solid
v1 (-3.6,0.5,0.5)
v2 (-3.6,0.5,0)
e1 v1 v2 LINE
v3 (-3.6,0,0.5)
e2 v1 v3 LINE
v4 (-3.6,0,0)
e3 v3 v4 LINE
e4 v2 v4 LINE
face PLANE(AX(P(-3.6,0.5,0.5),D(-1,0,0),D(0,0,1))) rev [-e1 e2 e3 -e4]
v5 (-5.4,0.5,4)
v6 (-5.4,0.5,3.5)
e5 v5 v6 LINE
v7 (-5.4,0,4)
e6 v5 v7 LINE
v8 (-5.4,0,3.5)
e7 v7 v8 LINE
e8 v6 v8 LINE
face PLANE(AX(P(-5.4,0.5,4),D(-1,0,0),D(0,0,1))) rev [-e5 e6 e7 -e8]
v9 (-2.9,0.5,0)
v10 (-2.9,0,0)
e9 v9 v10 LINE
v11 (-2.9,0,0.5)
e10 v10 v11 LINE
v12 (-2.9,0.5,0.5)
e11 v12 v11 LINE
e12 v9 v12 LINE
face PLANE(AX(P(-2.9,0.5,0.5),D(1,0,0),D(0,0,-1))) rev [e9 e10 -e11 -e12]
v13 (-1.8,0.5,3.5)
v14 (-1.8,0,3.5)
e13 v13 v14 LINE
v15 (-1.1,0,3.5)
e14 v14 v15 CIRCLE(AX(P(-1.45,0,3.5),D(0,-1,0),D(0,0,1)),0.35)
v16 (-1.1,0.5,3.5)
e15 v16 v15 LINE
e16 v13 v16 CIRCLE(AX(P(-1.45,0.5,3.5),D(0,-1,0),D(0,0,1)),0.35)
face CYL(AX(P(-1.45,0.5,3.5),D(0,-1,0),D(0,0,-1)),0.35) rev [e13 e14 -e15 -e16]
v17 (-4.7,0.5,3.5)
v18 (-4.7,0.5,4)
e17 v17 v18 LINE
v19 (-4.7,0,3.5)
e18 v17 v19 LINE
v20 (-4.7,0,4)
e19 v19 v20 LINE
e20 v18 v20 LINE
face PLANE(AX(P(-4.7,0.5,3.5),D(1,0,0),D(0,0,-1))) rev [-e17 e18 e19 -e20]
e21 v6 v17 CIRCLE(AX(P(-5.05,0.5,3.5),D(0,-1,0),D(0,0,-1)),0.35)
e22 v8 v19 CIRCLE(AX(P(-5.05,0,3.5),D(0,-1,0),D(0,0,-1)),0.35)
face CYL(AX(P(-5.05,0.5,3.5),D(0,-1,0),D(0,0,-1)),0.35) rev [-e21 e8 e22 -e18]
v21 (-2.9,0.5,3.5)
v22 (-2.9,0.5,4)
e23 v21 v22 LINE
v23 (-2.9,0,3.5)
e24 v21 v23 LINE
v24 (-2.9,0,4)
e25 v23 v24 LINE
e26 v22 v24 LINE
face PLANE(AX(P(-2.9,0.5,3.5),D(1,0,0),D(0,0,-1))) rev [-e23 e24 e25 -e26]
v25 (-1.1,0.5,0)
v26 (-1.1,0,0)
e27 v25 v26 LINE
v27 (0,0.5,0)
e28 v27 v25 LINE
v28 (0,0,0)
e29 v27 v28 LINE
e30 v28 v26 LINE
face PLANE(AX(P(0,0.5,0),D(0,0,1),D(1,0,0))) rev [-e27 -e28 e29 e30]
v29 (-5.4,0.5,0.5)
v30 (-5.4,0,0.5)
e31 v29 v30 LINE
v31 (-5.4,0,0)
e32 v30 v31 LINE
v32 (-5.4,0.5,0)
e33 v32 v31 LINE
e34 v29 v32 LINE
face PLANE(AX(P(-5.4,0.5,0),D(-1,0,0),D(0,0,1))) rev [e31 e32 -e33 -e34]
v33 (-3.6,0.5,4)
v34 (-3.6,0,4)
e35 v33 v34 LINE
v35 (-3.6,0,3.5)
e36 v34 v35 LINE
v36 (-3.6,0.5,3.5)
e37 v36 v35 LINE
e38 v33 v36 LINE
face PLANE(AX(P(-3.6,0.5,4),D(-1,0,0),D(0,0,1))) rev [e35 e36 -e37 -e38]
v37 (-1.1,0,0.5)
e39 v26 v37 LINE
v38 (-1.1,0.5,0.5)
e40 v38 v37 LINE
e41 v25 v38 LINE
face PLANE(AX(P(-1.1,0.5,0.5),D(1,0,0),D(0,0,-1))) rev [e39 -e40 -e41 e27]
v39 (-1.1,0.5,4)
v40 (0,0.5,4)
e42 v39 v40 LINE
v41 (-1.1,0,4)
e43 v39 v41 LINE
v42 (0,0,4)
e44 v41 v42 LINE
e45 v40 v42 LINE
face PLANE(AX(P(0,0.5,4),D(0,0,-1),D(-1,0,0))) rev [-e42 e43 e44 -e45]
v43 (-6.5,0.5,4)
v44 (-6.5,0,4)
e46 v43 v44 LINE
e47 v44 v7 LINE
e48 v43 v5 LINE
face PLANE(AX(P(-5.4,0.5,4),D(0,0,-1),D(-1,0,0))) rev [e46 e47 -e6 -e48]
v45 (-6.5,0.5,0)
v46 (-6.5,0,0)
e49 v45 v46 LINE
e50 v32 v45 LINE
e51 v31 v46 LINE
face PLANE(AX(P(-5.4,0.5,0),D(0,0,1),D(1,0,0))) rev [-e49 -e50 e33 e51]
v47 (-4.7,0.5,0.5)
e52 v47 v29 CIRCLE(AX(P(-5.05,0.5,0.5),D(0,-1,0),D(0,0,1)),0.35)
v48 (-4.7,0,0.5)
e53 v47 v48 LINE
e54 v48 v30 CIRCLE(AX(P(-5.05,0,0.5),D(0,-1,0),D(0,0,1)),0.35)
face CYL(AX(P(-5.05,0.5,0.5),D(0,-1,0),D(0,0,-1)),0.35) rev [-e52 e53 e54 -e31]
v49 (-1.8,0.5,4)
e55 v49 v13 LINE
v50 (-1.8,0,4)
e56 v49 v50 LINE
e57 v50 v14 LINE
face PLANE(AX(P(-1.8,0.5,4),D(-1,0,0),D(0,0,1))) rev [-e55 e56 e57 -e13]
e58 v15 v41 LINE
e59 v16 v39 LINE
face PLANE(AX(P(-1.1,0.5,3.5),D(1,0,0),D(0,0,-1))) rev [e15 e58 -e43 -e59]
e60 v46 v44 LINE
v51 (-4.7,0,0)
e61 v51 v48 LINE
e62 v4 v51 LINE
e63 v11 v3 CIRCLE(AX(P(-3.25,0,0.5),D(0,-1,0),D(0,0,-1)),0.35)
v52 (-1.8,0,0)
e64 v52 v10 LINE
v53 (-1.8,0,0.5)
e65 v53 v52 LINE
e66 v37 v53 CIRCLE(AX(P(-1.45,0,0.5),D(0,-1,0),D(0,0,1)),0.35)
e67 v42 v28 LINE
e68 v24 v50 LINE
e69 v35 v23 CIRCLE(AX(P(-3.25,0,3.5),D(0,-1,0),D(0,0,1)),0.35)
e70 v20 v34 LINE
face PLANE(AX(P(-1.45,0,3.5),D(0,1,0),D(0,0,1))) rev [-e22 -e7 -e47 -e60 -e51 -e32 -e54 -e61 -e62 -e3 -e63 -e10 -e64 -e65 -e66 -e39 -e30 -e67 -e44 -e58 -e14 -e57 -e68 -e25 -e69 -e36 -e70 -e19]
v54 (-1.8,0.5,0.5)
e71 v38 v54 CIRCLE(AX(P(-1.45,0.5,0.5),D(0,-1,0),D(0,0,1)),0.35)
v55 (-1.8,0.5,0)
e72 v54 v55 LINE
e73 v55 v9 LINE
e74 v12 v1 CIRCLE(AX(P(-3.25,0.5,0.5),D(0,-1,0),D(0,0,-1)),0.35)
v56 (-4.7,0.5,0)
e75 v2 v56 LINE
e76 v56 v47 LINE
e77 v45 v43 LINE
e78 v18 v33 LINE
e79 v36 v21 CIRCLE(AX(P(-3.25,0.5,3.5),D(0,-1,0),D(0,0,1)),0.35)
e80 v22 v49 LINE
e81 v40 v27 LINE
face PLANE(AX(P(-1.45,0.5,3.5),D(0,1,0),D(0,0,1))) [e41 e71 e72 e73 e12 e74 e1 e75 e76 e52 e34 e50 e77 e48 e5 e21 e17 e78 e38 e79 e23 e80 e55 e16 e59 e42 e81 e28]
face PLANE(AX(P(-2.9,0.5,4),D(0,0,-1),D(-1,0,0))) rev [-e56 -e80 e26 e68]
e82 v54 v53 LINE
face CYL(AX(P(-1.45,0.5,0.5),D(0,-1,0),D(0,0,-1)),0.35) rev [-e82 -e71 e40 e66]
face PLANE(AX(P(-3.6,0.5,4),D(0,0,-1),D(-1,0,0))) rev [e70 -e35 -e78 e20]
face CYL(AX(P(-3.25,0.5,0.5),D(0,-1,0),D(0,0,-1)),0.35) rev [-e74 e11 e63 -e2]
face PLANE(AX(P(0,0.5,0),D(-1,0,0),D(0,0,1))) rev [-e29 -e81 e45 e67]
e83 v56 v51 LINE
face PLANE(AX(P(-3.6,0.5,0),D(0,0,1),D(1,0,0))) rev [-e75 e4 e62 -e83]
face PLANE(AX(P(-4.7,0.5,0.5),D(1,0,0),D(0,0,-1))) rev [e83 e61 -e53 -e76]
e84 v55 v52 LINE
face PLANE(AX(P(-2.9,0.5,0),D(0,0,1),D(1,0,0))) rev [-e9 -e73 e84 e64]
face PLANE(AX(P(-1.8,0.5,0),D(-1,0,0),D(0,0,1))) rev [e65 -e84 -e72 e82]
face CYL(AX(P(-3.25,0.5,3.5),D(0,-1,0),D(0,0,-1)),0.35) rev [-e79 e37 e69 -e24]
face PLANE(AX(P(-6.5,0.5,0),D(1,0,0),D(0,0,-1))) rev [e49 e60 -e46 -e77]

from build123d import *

# Parameters (mm, degrees)
BOSS_EXTRUDE1_DEPTH = 0.5


with BuildPart() as part:
    # Sketch1 → Boss-Extrude1 (new body)
    with BuildSketch(Plane(origin=(0, 0, 0), x_dir=(1, 0, 0), z_dir=(0, 1, 0))):
        with BuildLine():
            Line((-5.4, 0), (-5.4, -0.5))
            ThreePointArc((-5.4, -0.5), (-5.05, -0.85), (-4.7, -0.5))
            Line((-4.7, -0.5), (-4.7, 0))
            Line((-4.7, 0), (-3.6, 0))
            Line((-3.6, 0), (-3.6, -0.5))
            ThreePointArc((-3.6, -0.5), (-3.25, -0.85), (-2.9, -0.5))
            Line((-2.9, -0.5), (-2.9, 0))
            Line((-2.9, 0), (-1.8, 0))
            Line((-1.8, 0), (-1.8, -0.5))
            ThreePointArc((-1.8, -0.5), (-1.45, -0.85), (-1.1, -0.5))
            Line((-1.1, -0.5), (-1.1, 0))
            Line((-1.1, 0), (0, 0))
            Line((0, 0), (0, -4))
            Line((0, -4), (-1.1, -4))
            Line((-1.1, -4), (-1.1, -3.5))
            ThreePointArc((-1.1, -3.5), (-1.45, -3.15), (-1.8, -3.5))
            Line((-1.8, -3.5), (-1.8, -4))
            Line((-1.8, -4), (-2.9, -4))
            Line((-2.9, -4), (-2.9, -3.5))
            ThreePointArc((-2.9, -3.5), (-3.25, -3.15), (-3.6, -3.5))
            Line((-3.6, -3.5), (-3.6, -4))
            Line((-3.6, -4), (-4.7, -4))
            Line((-4.7, -4), (-4.7, -3.5))
            ThreePointArc((-4.7, -3.5), (-5.05, -3.15), (-5.4, -3.5))
            Line((-5.4, -3.5), (-5.4, -4))
            Line((-5.4, -4), (-6.5, -4))
            Line((-6.5, -4), (-6.5, 0))
            Line((-6.5, 0), (-5.4, 0))
        make_face()
    extrude(amount=BOSS_EXTRUDE1_DEPTH)


solid = part.part
